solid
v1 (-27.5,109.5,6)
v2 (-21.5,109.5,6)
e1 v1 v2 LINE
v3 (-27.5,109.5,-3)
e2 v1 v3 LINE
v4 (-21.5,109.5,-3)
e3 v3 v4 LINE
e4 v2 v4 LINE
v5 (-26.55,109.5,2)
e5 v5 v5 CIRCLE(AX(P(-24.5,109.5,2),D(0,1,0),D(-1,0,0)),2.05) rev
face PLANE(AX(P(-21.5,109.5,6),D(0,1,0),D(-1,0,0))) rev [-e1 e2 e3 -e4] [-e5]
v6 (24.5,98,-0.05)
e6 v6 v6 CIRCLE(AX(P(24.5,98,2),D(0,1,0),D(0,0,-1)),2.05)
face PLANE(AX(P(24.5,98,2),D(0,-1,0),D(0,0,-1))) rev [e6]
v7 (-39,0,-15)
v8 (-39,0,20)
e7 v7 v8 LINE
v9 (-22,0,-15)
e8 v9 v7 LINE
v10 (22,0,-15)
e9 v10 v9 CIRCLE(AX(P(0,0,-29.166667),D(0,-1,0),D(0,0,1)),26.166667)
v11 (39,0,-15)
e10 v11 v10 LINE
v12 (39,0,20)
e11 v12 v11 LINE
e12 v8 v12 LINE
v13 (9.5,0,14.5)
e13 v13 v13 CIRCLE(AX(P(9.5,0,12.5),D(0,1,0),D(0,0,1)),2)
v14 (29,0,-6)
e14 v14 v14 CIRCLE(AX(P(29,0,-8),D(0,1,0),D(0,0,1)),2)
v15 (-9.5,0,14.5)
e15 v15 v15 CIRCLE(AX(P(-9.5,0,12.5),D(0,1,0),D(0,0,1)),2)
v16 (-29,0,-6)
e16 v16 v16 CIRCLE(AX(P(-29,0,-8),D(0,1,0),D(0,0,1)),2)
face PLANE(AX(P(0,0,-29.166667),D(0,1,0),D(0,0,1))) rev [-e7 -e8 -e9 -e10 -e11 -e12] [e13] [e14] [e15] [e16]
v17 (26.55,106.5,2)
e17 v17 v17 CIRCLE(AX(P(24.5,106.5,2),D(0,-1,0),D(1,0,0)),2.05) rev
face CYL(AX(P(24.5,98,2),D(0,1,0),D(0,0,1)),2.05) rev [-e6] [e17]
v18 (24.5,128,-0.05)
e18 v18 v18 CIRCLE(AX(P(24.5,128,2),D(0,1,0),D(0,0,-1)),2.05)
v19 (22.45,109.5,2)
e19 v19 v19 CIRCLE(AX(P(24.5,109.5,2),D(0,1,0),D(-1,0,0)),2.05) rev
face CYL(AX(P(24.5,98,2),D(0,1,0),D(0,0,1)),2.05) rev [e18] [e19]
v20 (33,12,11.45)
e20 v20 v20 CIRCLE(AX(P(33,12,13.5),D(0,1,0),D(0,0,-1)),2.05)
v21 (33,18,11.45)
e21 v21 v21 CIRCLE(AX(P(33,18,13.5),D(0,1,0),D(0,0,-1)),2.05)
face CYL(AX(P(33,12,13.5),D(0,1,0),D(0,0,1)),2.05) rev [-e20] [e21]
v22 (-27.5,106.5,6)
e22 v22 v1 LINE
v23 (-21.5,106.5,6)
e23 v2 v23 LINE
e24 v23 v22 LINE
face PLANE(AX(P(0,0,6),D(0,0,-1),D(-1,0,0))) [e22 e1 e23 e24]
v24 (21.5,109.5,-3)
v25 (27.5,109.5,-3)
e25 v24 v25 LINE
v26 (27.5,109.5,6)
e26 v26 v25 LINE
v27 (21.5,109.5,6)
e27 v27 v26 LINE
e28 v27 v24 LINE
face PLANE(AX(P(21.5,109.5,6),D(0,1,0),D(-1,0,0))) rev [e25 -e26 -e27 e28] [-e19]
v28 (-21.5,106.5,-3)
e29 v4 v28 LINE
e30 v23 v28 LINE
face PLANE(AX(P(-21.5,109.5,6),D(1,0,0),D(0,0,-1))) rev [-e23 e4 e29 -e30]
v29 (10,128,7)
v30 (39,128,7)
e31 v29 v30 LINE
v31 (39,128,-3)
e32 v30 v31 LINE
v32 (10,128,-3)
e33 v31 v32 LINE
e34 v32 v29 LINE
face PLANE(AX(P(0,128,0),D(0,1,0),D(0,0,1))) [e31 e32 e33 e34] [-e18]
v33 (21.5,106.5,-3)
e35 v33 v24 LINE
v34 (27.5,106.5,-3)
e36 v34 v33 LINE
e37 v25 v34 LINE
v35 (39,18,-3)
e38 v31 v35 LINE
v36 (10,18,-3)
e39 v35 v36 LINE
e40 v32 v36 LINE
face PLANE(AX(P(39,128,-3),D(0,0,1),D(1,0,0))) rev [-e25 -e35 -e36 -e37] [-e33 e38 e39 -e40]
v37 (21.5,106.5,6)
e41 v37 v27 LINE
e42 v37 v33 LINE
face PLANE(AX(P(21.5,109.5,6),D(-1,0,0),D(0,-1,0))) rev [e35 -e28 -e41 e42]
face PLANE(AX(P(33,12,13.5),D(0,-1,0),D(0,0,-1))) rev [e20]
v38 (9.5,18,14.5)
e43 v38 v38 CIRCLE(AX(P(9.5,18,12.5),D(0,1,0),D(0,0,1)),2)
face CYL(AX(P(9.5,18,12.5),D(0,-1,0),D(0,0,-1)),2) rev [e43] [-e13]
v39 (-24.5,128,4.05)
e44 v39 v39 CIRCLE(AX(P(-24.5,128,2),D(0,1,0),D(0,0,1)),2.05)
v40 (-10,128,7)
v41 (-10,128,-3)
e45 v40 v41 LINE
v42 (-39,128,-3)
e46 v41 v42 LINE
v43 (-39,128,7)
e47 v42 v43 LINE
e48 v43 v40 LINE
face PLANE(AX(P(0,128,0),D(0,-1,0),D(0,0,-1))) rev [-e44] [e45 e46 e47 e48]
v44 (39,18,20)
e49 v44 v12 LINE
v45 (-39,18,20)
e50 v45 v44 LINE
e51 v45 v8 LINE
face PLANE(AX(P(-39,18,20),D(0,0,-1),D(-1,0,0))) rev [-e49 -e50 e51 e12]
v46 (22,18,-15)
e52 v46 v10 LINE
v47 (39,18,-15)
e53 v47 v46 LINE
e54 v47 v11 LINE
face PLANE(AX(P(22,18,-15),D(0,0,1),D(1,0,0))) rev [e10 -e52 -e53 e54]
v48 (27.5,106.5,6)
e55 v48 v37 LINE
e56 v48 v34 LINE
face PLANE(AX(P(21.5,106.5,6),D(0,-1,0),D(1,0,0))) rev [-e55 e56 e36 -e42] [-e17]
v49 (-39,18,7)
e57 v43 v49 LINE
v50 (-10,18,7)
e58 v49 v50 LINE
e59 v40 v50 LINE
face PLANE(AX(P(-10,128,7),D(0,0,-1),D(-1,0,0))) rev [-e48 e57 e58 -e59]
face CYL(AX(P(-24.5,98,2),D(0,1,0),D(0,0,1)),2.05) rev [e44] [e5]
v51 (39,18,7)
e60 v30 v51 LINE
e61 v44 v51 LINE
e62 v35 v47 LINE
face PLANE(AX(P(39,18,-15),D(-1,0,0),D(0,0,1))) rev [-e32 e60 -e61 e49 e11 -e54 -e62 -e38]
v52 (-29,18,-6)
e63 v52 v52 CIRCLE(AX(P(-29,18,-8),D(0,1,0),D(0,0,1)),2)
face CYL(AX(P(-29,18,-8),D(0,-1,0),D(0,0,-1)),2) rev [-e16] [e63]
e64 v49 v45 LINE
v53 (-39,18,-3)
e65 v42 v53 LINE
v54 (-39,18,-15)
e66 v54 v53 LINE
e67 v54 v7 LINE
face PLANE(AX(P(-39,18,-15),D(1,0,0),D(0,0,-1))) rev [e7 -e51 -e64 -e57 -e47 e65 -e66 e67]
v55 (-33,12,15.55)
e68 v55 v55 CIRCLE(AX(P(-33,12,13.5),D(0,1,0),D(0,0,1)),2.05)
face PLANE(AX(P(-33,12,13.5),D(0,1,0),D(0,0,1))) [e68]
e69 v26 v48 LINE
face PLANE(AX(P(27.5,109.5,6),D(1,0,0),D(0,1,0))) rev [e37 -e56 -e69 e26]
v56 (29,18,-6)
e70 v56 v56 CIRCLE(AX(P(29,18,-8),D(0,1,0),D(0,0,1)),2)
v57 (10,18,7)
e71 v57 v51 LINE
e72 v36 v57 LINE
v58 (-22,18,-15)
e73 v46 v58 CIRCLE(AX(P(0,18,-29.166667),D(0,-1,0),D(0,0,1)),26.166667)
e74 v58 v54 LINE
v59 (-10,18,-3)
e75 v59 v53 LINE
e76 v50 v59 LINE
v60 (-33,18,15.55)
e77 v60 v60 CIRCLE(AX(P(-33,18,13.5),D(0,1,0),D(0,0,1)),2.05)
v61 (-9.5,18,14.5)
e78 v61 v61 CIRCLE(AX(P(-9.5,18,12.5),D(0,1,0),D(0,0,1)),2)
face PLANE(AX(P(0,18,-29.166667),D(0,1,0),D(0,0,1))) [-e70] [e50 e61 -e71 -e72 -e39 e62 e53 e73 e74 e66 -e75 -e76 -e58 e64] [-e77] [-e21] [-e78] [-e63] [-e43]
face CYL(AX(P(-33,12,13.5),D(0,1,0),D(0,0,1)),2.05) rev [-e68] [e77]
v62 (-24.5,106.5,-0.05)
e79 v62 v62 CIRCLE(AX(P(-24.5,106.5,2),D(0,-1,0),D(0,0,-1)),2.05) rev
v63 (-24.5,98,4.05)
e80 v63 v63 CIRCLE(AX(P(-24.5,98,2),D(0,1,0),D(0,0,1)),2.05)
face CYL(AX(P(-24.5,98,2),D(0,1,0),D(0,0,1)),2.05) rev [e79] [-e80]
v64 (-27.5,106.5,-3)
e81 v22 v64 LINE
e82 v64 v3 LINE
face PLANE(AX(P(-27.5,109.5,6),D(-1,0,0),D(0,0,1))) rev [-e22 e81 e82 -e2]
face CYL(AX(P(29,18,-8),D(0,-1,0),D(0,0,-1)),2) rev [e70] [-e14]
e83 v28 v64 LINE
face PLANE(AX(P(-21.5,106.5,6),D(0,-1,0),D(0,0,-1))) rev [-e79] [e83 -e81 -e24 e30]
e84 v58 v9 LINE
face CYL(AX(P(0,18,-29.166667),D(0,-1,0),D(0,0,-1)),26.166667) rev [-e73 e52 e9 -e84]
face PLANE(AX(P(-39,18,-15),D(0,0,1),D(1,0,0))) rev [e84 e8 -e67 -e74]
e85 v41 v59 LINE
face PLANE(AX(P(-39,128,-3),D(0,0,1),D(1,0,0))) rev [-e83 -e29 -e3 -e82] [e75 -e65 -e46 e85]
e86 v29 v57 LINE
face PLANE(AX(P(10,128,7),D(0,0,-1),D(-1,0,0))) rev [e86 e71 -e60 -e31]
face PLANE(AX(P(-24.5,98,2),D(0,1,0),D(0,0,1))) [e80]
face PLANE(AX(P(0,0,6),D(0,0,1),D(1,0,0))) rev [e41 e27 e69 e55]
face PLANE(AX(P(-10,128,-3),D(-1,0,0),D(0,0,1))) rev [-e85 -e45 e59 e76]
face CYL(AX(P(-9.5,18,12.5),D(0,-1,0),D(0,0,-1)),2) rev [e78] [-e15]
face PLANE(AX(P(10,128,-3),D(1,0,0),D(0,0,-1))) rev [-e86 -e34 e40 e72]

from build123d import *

# Parameters (mm, degrees)
IZIM1_R                     = 2
Y_KSEKLIK_EKSTR_ZYON1_DEPTH = 18
IZIM2_W                     = 29
IZIM2_H                     = 10
Y_KSEKLIK_EKSTR_ZYON2_DEPTH = 110
IZIM3_R                     = 2.05
KES_EKSTR_ZYON1_DEPTH       = 6
IZIM4_R                     = 2.05
KES_EKSTR_ZYON2_DEPTH       = 30
IZIM5_W                     = 6
IZIM5_H                     = 3
KES_EKSTR_ZYON3_DEPTH       = 9


with BuildPart() as part:
    # Çizim1 → Yükseklik-Ekstrüzyon1 (new body)
    with BuildSketch(Plane(origin=(0, 0, 0), x_dir=(1, 0, 0), z_dir=(0, 1, 0))):
        with BuildLine():
            Line((-39, 15), (-22, 15))
            ThreePointArc((-22, 15), (0, 3), (22, 15))
            Line((22, 15), (39, 15))
            Line((39, 15), (39, -20))
            Line((39, -20), (-39, -20))
            Line((-39, -20), (-39, 15))
        make_face()
        with Locations(Location((-29, 8, 0), (0, 0, 270))):
            Circle(IZIM1_R, mode=Mode.SUBTRACT)
        with Locations(Location((29, 8, 0), (0, 0, 270))):
            Circle(IZIM1_R, mode=Mode.SUBTRACT)
        with Locations(Location((-9.5, -12.5, 0), (0, 0, 270))):
            Circle(IZIM1_R, mode=Mode.SUBTRACT)
        with Locations(Location((9.5, -12.5, 0), (0, 0, 270))):
            Circle(IZIM1_R, mode=Mode.SUBTRACT)
    extrude(amount=Y_KSEKLIK_EKSTR_ZYON1_DEPTH)

    # Çizim2 → Yükseklik-Ekstrüzyon2 (add)
    with BuildSketch(Plane(origin=(0, 18, 0), x_dir=(1, 0, 0), z_dir=(0, 1, 0))):
        with Locations((-24.5, -2)):
            Rectangle(IZIM2_W, IZIM2_H)
        with Locations((24.5, -2)):
            Rectangle(IZIM2_W, IZIM2_H)
    extrude(amount=Y_KSEKLIK_EKSTR_ZYON2_DEPTH)

    # Çizim3 → Kes-Ekstrüzyon1 (cut)
    with BuildSketch(Plane(origin=(0, 18, 0), x_dir=(1, 0, 0), z_dir=(0, 1, 0))):
        with Locations(Location((-33, -13.5, 0), (0, 0, 270))):
            Circle(IZIM3_R)
        with Locations(Location((33, -13.5, 0), (0, 0, 90))):
            Circle(IZIM3_R)
    extrude(amount=-KES_EKSTR_ZYON1_DEPTH, mode=Mode.SUBTRACT)

    # Çizim4 → Kes-Ekstrüzyon2 (cut)
    with BuildSketch(Plane(origin=(0, 128, 0), x_dir=(1, 0, 0), z_dir=(0, 1, 0))):
        with Locations(Location((-24.5, -2, 0), (0, 0, 270))):
            Circle(IZIM4_R)
        with Locations(Location((24.5, -2, 0), (0, 0, 90))):
            Circle(IZIM4_R)
    extrude(amount=-KES_EKSTR_ZYON2_DEPTH, mode=Mode.SUBTRACT)

    # Çizim5 → Kes-Ekstrüzyon3 (cut)
    with BuildSketch(Plane(origin=(0, 0, -3), x_dir=(-1, 0, 0), z_dir=(0, 0, -1))):
        with Locations((24.5, 108)):
            Rectangle(IZIM5_W, IZIM5_H)
        with Locations((-24.5, 108)):
            Rectangle(IZIM5_W, IZIM5_H)
    extrude(amount=-KES_EKSTR_ZYON3_DEPTH, mode=Mode.SUBTRACT)


solid = part.part
